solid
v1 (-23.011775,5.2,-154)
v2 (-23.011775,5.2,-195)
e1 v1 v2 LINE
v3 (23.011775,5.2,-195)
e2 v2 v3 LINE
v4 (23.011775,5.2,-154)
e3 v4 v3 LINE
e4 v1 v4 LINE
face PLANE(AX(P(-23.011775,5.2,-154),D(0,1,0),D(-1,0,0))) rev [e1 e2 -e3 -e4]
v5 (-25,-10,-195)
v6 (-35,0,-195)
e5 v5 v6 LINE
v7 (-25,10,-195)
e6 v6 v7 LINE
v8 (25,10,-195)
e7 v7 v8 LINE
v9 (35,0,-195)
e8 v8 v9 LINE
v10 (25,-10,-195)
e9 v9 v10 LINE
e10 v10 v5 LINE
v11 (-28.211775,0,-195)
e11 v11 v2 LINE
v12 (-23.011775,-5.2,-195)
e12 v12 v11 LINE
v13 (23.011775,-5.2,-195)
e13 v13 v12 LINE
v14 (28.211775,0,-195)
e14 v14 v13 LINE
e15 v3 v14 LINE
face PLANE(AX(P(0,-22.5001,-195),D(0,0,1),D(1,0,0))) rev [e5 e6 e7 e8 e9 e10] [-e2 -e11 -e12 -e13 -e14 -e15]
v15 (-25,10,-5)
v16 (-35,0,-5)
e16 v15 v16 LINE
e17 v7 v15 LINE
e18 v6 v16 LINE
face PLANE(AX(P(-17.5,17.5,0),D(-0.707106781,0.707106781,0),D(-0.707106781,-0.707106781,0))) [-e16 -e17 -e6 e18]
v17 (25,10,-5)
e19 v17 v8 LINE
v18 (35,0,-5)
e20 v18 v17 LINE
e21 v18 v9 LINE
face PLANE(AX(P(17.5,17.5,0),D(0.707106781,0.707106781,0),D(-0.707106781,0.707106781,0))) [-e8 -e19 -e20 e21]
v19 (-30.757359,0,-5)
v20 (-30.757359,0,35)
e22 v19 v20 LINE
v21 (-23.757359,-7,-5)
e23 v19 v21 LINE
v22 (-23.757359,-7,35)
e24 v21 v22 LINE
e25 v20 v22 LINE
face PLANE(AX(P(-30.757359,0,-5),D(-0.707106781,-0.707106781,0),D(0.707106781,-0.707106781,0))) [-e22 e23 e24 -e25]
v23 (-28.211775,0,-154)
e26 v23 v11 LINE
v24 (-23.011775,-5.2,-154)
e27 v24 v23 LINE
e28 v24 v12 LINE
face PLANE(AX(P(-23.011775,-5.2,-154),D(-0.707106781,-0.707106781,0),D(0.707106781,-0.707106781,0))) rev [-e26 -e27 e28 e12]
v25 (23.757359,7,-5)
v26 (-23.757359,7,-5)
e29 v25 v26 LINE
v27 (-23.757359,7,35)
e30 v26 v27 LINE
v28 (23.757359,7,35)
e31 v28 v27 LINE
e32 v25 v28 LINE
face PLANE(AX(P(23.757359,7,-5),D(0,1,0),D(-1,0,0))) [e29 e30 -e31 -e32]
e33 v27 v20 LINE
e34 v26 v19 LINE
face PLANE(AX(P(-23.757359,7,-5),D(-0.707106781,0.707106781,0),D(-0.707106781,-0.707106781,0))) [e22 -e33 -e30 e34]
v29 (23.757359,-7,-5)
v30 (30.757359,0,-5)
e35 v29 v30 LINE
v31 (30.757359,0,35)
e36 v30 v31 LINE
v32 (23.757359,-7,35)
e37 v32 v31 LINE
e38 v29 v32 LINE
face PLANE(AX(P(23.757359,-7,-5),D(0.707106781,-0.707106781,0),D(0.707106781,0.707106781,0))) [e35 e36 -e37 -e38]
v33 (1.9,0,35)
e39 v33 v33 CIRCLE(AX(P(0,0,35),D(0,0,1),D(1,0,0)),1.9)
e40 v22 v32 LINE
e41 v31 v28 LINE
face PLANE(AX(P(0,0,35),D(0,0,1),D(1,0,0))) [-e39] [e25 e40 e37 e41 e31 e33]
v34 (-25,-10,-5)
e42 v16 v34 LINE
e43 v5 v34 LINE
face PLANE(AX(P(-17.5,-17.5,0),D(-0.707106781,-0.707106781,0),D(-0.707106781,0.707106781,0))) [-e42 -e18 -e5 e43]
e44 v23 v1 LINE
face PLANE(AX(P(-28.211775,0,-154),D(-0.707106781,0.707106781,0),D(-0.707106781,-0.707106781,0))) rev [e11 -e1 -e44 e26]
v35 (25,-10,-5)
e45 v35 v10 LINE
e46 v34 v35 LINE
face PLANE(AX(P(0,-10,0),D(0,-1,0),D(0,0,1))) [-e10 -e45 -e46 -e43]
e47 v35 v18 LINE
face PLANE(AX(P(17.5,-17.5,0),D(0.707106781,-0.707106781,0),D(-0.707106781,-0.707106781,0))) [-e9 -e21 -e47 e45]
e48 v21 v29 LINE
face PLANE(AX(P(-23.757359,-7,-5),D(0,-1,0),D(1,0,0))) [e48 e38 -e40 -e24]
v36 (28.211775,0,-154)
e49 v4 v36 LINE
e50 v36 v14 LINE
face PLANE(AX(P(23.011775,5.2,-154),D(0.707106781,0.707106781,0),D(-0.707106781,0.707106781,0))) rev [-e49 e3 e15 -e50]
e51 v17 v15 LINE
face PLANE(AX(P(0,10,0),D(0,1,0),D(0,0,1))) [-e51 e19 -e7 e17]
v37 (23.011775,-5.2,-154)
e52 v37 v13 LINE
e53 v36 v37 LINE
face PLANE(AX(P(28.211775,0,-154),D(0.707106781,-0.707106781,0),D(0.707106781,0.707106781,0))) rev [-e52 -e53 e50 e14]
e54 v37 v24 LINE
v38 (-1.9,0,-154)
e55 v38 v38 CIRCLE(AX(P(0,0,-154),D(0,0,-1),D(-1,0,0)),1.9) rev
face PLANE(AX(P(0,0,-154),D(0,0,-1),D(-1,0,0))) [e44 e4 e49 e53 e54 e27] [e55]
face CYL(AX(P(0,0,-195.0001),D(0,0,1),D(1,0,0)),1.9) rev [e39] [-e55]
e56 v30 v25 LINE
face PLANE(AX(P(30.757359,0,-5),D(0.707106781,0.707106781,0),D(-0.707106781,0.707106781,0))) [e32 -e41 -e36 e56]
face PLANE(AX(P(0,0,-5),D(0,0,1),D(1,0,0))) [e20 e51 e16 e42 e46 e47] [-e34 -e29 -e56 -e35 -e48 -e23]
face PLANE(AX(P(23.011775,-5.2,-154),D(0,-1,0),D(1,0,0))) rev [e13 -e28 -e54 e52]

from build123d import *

# Parameters (mm, degrees)
EXTRUDE_1_DEPTH           = 18
CHAMFER_1_SIZE            = 5
CHAMFER_2_SIZE            = 5
CUT_EXTRUDE_1_DEPTH       = 8
EXTRUDE_2_REACH           = 696.741
EXTRUDE_2_END_RADIUS      = 240
EXTRUDE_3_DEPTH           = 5
EXTRUDE_4_REACH           = 929.644
EXTRUDE_4_END_RADIUS      = 232
SKETCH_10_R               = 12
CUT_EXTRUDE_7_DEPTH       = 695.872110635
CUT_EXTRUDE_7_DEPTH_BACK  = 695.872110635
SKETCH_16_OUTSIDE_W       = 362.68
SKETCH_16_OUTSIDE_H       = 1204.68
SKETCH_16_OUTSIDE_W_2     = 100
SKETCH_16_OUTSIDE_H_2     = 230
CUT_EXTRUDE_9_DEPTH       = 203.111355445
CUT_EXTRUDE_9_DEPTH_BACK  = 203.111355445
EXTRUDE_5_DEPTH           = 20
CUT_EXTRUDE_10_DEPTH      = 219.63208799
CUT_EXTRUDE_10_DEPTH_BACK = 219.63208799
SKETCH_21_R               = 1.9
EXTRUDE_START             = 15
SKETCH_29_R               = 1.9
EXTRUDE_6_DEPTH           = 15
SKETCH_33_OUTSIDE_W       = 126.318
SKETCH_33_OUTSIDE_H       = 74.662
CUT_EXTRUDE_16_DEPTH      = 40
CUT_EXTRUDE_15_DEPTH      = 41


with BuildPart() as part:
    # 草图4 → 放样1 section 0
    with BuildSketch(Plane(origin=(0, 10, 0), x_dir=(1, 0, 0), z_dir=(0, 1, 0))):
        with BuildLine():
            Line((25, 0), (-25, 0))
            Line((-25, 0), (-25, 630))
            Line((-25, 630), (0, 672.857142857))
            Line((0, 672.857142857), (25, 630))
            Line((25, 630), (25, 0))
        make_face()
    # 草图1 → 放样1 section 1
    with BuildSketch(Plane(origin=(0, 0, 0), x_dir=(1, 0, 0), z_dir=(0, 1, 0))):
        with BuildLine():
            Line((-35, 0), (35, 0))
            Line((35, 0), (35, 630))
            Line((35, 630), (0, 690))
            Line((0, 690), (-35, 630))
            Line((-35, 630), (-35, 0))
        make_face()
    loft_1 = loft()

    # 镜向1: 放样1 across plane
    add(loft_1.mirror(Plane.ZX))



with BuildPart() as body_2:
    # 草图5 → 凸台-拉伸1 (new, symmetric)
    with BuildSketch(Plane(origin=(0, 0, 0), x_dir=(1, 0, 0), z_dir=(0, 1, 0))):
        with BuildLine():
            ThreePointArc((-66.346774613, -65.189169183), (0, -55.5), (66.346774613, -65.189169183))
            ThreePointArc((66.346774613, -65.189169183), (73.061224406, -64.270510235), (76.791165228, -58.612302768))
            ThreePointArc((76.791165228, -58.612302768), (79, -30.5), (76.791165228, -2.387697232))
            ThreePointArc((76.791165228, -2.387697232), (0, -15.004503167), (-76.791165228, -2.387697232))
            ThreePointArc((-76.791165228, -2.387697232), (-79, -30.5), (-76.791165228, -58.612302768))
            ThreePointArc((-76.791165228, -58.612302768), (-73.061224406, -64.270510235), (-66.346774613, -65.189169183))
        make_face()
    extrude(amount=EXTRUDE_1_DEPTH, both=True)

    # 倒角1
    chamfer_1_edges = [body_2.edges().sort_by_distance(p)[0] for p in [
        (0, 18, 15.004503167),
        (-79, 18, 30.5),
        (-73.061224406, 18, 64.270510235),
        (0, 18, 55.5),
        (73.061224406, 18, 64.270510235),
        (0, -18, 55.5),
        (-73.061224406, -18, 64.270510235),
        (-79, -18, 30.5),
        (79, -18, 30.5),
        (73.061224406, -18, 64.270510235),
        (79, 18, 30.5),
    ]]
    chamfer(chamfer_1_edges, length=CHAMFER_1_SIZE)

    # 倒角2
    chamfer_2_edges = [body_2.edges().sort_by_distance(p)[0] for p in [
        (0, -18, 15.004503167),
    ]]
    chamfer(chamfer_2_edges, length=CHAMFER_2_SIZE)

    # 草图6 → 切除-拉伸1 (cut)
    with BuildSketch(Plane(origin=(0, 18, 0), x_dir=(1, 0, 0), z_dir=(0, 1, 0))):
        with BuildLine():
            ThreePointArc((67.221840199, -55.023712607), (68.932610365, -35.286223394), (68.335500378, -15.483731767))
            ThreePointArc((68.335500378, -15.483731767), (0, -25.004503167), (-68.335500378, -15.483731767))
            ThreePointArc((-68.335500378, -15.483731767), (-68.932610365, -35.286223394), (-67.221840199, -55.023712607))
            ThreePointArc((-67.221840199, -55.023712607), (0, -45.5), (67.221840199, -55.023712607))
        make_face()
    cut_extrude_1 = extrude(amount=-CUT_EXTRUDE_1_DEPTH, mode=Mode.SUBTRACT)

    # 镜向2: 切除-拉伸1 across plane
    add(cut_extrude_1.mirror(Plane.ZX), mode=Mode.SUBTRACT)


with BuildPart() as part_1:
    add(part.part)

    add(body_2.part)  # 凸台-拉伸2 merges body 2
    # 凸台-拉伸2: up to this cylinder (the profile starts inside it)
    extrude_2_end = Plane(origin=(0, 0, -224.995496833), z_dir=(0, -1, 0)) * Cylinder(EXTRUDE_2_END_RADIUS, 1874.482, mode=Mode.PRIVATE)
    # 草图7 → 凸台-拉伸2 (add, up to the surface)
    with BuildSketch(Plane.XY, mode=Mode.PRIVATE) as extrude_2_sk1:
        Polygon((-25.828427125, 12), (-37.828427125, 0), (-25.828427125, -12), (25.828427125, -12), (37.828427125, 0), (25.828427125, 12), align=None)
    extrude_2_tool1 = extrude(extrude_2_sk1.sketch, amount=EXTRUDE_2_REACH, mode=Mode.PRIVATE) & extrude_2_end
    add(extrude_2_tool1.solids().sort_by_distance((0, 0, 0))[0])

    # 草图8 → 凸台-拉伸3 (add)
    with BuildSketch(Plane(origin=(0, 0, 0), x_dir=(-1, 0, 0), z_dir=(0, 0, -1))):
        Polygon((25.828427125, 12), (-25.828427125, 12), (-37.828427125, 0), (-25.828427125, -12), (25.828427125, -12), (37.828427125, 0), align=None)
    extrude(amount=EXTRUDE_3_DEPTH)



with BuildPart() as body_2_2:
    # 草图9 → 旋转1 (revolve)
    with BuildSketch(Plane(origin=(0, 0, 0), x_dir=(1, 0, 0), z_dir=(0, 1, 0))):
        Polygon((0, -310), (0, -234), (-12, -234), (-22.5, -256), align=None)
    revolve(axis=Axis((0, 0, -690), (0, 0, 1)))


with BuildPart() as part_2:
    add(part_1.part)

    add(body_2_2.part)  # 凸台-拉伸4 merges body 2 2
    # 凸台-拉伸4: up to this cylinder (the profile starts inside it)
    extrude_4_end = Plane(origin=(0, 0, 287.5), z_dir=(0, -1, 0)) * Cylinder(EXTRUDE_4_END_RADIUS, 2324.288, mode=Mode.PRIVATE)
    # 草图10 → 凸台-拉伸4 (add, up to the surface)
    with BuildSketch(Plane(origin=(0, 0, 234), x_dir=(-1, 0, 0), z_dir=(0, 0, -1)), mode=Mode.PRIVATE) as extrude_4_sk1:
        with Locations(Location((0, 0, 0), (0, 0, 90))):
            Circle(SKETCH_10_R)
    extrude_4_tool1 = extrude(extrude_4_sk1.sketch, amount=EXTRUDE_4_REACH, mode=Mode.PRIVATE) & extrude_4_end
    add(extrude_4_tool1.solids().sort_by_distance((0, 0, 234))[0])

    # 草图16 outside → 切除-拉伸7 (cut, two sides: drawn at the far end of the back side and taken through both)
    with BuildSketch(Plane(origin=(0, 0, 0), x_dir=(1, 0, 0), z_dir=(0, 1, 0)).offset(-CUT_EXTRUDE_7_DEPTH_BACK)):
        with Locations((0, 190)):
            Rectangle(SKETCH_16_OUTSIDE_W, SKETCH_16_OUTSIDE_H)
        with Locations((0, 80)):
            Rectangle(SKETCH_16_OUTSIDE_W_2, SKETCH_16_OUTSIDE_H_2, mode=Mode.SUBTRACT)
    extrude(amount=CUT_EXTRUDE_7_DEPTH + CUT_EXTRUDE_7_DEPTH_BACK, mode=Mode.SUBTRACT)

    # 草图19 → 切除-拉伸9 (cut, two sides: drawn at the far end of the back side and taken through both)
    with BuildSketch(Plane(origin=(0, 0, 0), x_dir=(1, 0, 0), z_dir=(0, 1, 0)).offset(-CUT_EXTRUDE_9_DEPTH_BACK)):
        with BuildLine():
            Line((-50, -9.738395054), (-50, -35))
            Line((-50, -35), (50, -35))
            Line((50, -35), (50, -9.738395054))
            ThreePointArc((50, -9.738395054), (0, -15.004503167), (-50, -9.738395054))
        make_face()
    extrude(amount=CUT_EXTRUDE_9_DEPTH + CUT_EXTRUDE_9_DEPTH_BACK, mode=Mode.SUBTRACT)

    # 草图20 → 凸台-拉伸5 (add)
    with BuildSketch(Plane.XY):
        Polygon((-25.828427125, 12), (-37.828427125, 0), (-25.828427125, -12), (25.828427125, -12), (37.828427125, 0), (25.828427125, 12), align=None)
    extrude(amount=EXTRUDE_5_DEPTH)

    # 草图21 → 切除-拉伸10 (cut, two sides: drawn at the far end of the back side and taken through both)
    with BuildSketch(Plane.XY.offset(20).offset(-CUT_EXTRUDE_10_DEPTH_BACK)):
        Circle(SKETCH_21_R)
    extrude(amount=CUT_EXTRUDE_10_DEPTH + CUT_EXTRUDE_10_DEPTH_BACK, mode=Mode.SUBTRACT)

    # 草图29 → 凸台-拉伸6 (add)
    with BuildSketch(Plane.XY.offset(20).offset(EXTRUDE_START)):
        Polygon((25.828427125, 12), (-25.828427125, 12), (-37.828427125, 0), (-25.828427125, -12), (25.828427125, -12), (37.828427125, 0), align=None)
        Circle(SKETCH_29_R, mode=Mode.SUBTRACT)
    extrude(amount=-EXTRUDE_6_DEPTH)

    # 草图33 outside → 切除-拉伸16 (cut)
    with BuildSketch(Plane.XY.offset(35)):
        Rectangle(SKETCH_33_OUTSIDE_W, SKETCH_33_OUTSIDE_H)
        Polygon((30.757359313, 0), (23.757359313, 7), (-23.757359313, 7), (-30.757359313, 0), (-23.757359313, -7), (23.757359313, -7), align=None, mode=Mode.SUBTRACT)
    extrude(amount=-CUT_EXTRUDE_16_DEPTH, mode=Mode.SUBTRACT)

    # 草图31 → 切除-拉伸15 (cut)
    with BuildSketch(Plane(origin=(0, 0, -195), x_dir=(-1, 0, 0), z_dir=(0, 0, -1))):
        Polygon((-28.211774901, 0), (-23.011774901, -5.2), (23.011774901, -5.2), (28.211774901, 0), (23.011774901, 5.2), (-23.011774901, 5.2), align=None)
    extrude(amount=-CUT_EXTRUDE_15_DEPTH, mode=Mode.SUBTRACT)


solid = part_2.part
